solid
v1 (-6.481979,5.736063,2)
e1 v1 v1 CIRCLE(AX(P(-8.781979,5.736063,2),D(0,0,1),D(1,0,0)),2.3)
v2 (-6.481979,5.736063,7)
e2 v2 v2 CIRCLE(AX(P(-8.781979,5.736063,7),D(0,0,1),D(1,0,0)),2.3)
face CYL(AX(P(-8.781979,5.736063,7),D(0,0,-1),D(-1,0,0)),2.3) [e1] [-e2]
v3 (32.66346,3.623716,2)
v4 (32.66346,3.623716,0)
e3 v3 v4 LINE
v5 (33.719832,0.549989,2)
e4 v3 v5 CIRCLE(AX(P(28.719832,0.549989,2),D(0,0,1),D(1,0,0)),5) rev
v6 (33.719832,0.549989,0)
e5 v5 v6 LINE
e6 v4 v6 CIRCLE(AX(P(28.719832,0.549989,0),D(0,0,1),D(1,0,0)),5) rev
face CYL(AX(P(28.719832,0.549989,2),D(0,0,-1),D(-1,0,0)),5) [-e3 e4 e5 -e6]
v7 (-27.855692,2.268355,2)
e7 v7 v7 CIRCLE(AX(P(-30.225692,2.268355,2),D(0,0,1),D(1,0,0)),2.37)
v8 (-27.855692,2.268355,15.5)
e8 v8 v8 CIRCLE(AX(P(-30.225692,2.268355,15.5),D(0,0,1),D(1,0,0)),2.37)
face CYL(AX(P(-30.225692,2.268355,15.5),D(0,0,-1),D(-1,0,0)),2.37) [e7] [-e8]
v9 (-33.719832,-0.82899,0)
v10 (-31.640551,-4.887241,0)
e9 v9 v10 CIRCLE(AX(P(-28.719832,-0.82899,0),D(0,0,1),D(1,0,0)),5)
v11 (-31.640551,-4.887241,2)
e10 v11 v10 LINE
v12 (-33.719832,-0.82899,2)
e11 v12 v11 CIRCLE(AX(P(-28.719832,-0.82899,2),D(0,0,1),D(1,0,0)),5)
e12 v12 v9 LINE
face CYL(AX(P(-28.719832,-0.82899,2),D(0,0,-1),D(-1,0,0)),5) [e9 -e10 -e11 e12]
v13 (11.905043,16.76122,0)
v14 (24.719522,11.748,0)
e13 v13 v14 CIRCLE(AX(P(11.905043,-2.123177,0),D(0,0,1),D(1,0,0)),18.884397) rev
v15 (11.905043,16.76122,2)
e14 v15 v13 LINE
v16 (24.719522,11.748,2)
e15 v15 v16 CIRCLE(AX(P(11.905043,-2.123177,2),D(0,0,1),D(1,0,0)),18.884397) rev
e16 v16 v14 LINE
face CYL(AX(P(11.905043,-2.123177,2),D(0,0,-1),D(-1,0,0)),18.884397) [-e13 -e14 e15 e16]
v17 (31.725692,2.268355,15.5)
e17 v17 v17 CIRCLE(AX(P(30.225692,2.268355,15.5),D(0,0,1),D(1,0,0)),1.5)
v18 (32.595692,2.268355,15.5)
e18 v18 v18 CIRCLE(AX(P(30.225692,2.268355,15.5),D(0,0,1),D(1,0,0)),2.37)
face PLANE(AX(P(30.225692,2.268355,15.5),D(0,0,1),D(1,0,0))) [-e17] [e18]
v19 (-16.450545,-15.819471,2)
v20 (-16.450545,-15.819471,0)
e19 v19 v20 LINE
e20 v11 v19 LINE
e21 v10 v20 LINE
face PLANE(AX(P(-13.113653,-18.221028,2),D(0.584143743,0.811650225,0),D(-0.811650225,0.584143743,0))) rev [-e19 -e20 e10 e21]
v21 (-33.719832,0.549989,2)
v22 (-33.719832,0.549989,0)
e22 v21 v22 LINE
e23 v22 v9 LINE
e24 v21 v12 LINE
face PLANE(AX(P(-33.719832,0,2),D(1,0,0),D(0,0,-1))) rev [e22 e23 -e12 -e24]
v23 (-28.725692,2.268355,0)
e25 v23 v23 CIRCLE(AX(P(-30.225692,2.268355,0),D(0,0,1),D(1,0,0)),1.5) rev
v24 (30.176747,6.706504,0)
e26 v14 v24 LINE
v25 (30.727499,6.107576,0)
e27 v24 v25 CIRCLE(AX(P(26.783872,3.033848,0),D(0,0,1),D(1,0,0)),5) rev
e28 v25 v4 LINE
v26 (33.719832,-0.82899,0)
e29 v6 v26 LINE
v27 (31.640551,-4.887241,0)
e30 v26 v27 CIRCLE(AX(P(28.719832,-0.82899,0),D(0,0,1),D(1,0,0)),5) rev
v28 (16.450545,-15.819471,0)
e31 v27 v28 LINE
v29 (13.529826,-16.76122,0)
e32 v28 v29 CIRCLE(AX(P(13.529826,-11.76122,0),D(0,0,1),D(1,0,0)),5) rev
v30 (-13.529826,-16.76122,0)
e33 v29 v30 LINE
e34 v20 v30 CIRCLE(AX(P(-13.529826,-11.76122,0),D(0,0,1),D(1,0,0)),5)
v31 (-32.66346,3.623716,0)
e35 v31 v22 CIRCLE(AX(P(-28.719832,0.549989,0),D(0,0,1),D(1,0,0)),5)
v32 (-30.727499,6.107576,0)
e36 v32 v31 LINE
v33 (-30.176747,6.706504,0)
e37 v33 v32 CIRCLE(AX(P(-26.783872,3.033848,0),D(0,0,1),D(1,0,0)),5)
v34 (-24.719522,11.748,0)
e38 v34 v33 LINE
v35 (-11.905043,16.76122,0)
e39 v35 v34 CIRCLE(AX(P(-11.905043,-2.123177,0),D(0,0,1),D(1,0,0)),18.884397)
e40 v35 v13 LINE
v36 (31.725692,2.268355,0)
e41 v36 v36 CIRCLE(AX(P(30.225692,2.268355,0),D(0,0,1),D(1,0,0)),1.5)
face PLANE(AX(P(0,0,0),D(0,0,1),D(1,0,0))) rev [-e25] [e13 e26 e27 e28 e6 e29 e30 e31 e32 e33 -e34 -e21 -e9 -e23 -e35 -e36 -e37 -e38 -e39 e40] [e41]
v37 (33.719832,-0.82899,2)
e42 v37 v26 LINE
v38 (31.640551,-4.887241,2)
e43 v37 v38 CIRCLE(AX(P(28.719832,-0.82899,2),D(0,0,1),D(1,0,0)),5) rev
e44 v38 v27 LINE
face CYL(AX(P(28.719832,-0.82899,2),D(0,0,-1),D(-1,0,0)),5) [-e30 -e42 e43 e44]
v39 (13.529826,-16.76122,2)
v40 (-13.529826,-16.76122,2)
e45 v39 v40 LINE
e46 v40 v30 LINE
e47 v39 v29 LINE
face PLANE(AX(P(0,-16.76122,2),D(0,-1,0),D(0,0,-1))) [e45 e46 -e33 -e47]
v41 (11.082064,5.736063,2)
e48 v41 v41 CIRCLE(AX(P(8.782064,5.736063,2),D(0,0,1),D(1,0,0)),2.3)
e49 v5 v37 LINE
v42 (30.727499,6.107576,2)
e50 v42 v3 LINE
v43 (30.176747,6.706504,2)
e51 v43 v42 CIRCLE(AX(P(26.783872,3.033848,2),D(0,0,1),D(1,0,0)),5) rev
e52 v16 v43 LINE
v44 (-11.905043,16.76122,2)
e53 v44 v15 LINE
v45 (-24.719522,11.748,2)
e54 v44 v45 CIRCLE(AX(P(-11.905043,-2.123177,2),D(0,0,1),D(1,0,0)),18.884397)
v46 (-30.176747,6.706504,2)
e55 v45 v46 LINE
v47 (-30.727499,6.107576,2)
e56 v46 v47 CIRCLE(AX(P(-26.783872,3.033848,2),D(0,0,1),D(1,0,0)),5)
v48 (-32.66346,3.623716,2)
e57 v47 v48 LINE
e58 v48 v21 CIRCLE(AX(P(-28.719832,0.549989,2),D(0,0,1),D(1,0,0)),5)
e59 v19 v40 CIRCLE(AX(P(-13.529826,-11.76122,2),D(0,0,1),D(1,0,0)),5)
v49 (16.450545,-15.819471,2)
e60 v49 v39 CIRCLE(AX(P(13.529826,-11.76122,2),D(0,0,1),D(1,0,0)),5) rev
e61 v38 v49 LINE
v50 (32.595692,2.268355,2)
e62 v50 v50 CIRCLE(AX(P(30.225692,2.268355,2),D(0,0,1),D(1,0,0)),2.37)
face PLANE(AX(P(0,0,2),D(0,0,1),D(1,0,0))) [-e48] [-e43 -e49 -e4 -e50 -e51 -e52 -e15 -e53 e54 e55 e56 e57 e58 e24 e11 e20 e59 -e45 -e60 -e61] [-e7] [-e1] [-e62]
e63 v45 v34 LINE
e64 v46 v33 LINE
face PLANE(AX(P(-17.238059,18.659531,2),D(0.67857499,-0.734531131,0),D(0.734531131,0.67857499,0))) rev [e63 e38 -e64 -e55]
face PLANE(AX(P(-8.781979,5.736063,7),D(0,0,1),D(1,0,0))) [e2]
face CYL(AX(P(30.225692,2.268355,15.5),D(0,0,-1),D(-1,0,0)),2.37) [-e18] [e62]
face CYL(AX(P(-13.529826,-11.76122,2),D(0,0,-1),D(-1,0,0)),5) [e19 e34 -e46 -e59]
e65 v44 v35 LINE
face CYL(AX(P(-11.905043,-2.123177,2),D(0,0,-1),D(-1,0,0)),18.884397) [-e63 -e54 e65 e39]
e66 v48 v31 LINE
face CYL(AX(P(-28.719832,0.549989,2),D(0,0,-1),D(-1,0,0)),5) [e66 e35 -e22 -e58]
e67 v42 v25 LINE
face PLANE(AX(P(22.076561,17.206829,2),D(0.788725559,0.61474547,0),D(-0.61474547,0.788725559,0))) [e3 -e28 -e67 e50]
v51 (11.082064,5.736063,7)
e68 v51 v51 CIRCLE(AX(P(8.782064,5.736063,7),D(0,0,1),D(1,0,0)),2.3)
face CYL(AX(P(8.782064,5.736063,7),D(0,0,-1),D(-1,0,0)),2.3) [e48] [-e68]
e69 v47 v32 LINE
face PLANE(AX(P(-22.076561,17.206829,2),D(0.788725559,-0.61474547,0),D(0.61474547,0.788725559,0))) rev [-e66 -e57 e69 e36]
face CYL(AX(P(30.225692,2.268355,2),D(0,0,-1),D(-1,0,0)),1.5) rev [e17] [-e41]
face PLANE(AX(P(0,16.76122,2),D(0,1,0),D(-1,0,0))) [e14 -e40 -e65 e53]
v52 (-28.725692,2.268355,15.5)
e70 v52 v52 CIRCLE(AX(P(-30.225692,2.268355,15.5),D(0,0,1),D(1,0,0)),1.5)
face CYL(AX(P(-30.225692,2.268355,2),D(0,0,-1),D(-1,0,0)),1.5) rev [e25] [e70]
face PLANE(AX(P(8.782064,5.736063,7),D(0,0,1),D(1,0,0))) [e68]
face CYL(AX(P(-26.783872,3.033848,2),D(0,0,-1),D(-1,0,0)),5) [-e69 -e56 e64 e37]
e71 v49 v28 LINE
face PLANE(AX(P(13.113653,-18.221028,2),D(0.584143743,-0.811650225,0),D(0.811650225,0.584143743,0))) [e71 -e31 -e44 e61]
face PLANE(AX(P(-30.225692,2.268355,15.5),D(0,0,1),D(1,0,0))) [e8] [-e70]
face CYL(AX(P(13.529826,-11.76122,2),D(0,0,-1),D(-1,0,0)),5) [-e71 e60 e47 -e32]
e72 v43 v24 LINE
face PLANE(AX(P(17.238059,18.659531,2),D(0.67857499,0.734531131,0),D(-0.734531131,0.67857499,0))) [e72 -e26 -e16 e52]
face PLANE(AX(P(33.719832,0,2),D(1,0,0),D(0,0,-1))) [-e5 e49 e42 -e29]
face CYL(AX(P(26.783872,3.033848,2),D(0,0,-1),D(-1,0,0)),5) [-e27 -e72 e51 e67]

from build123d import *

# Parameters (mm, degrees)
ESQUISSE1_R             = 1.5
BOSS_EXTRU_3_DEPTH      = 2
BOSS_EXTRU_4_START      = -53.32
ESQUISSE2_R             = 2.3
BOSS_EXTRU_4_DEPTH      = 5
ESQUISSE3_R             = 1.5
ENL_V_MAT_EXTRU_1_DEPTH = 10
ESQUISSE4_R             = 2.37
ESQUISSE4_R_2           = 1.5
BOSS_EXTRU_5_DEPTH      = 13.5


with BuildPart() as part:
    # Esquisse1 → Boss.-Extru.3 (new body)
    with BuildSketch(Plane.XY):
        with BuildLine():
            Line((31.640550531, -4.887241018), (16.450544828, -15.819470843))
            ThreePointArc((16.450544828, -15.819470843), (15.064222472, -16.51996197), (13.529826111, -16.761219719))
            Line((13.529826111, -16.761219719), (-13.529826111, -16.761219719))
            ThreePointArc((-13.529826111, -16.761219719), (-15.064222472, -16.51996197), (-16.450544828, -15.819470843))
            Line((-16.450544828, -15.819470843), (-31.640550531, -4.887241018))
            ThreePointArc((-31.640550531, -4.887241018), (-33.169752802, -3.108946738), (-33.719831815, -0.828989895))
            Line((-33.719831815, -0.828989895), (-33.719831815, 0.549989061))
            ThreePointArc((-33.719831815, 0.549989061), (-33.448369589, 2.175083064), (-32.663459607, 3.623716413))
            Line((-32.663459607, 3.623716413), (-30.727499402, 6.107575779))
            ThreePointArc((-30.727499402, 6.107575779), (-30.464326323, 6.418261685), (-30.17674656, 6.706504084))
            Line((-30.17674656, 6.706504084), (-24.719522272, 11.748000297))
            ThreePointArc((-24.719522272, 11.748000297), (-18.785145606, 15.463312907), (-11.905042981, 16.761219719))
            Line((-11.905042981, 16.761219719), (11.905042981, 16.761219719))
            ThreePointArc((11.905042981, 16.761219719), (18.785145606, 15.463312907), (24.719522272, 11.748000297))
            Line((24.719522272, 11.748000297), (30.17674656, 6.706504084))
            ThreePointArc((30.17674656, 6.706504084), (30.464326323, 6.418261685), (30.727499402, 6.107575779))
            Line((30.727499402, 6.107575779), (32.663459607, 3.623716413))
            ThreePointArc((32.663459607, 3.623716413), (33.448369589, 2.175083064), (33.719831815, 0.549989061))
            Line((33.719831815, 0.549989061), (33.719831815, -0.828989895))
            ThreePointArc((33.719831815, -0.828989895), (33.169752802, -3.108946738), (31.640550531, -4.887241018))
        make_face()
        with Locations((-30.225692015, 2.268354752)):
            Circle(ESQUISSE1_R, mode=Mode.SUBTRACT)
        with Locations((30.225692015, 2.268354752)):
            Circle(ESQUISSE1_R, mode=Mode.SUBTRACT)
    extrude(amount=BOSS_EXTRU_3_DEPTH)

    # Esquisse2 → Boss.-Extru.4 (add)
    with BuildSketch(Plane.XY.offset(55.32).offset(BOSS_EXTRU_4_START)):
        with Locations((-8.781978503, 5.736063319)):
            Circle(ESQUISSE2_R)
        with Locations((8.782063878, 5.73606332)):
            Circle(ESQUISSE2_R)
    extrude(amount=BOSS_EXTRU_4_DEPTH)

    # Esquisse3 → Enlèv. mat.-Extru.1 (cut)
    with BuildSketch(Plane(origin=(0, 0, 0), x_dir=(-1, 0, 0), z_dir=(0, 0, -1))):
        with Locations((60.239561974, 19.762236701)):
            Circle(ESQUISSE3_R)
        with Locations((-29.955535999, 19.762236701)):
            Circle(ESQUISSE3_R)
    extrude(amount=-ENL_V_MAT_EXTRU_1_DEPTH, mode=Mode.SUBTRACT)

    # Esquisse4 → Boss.-Extru.5 (add)
    # profile 1 of 2: a face of its own
    with BuildSketch(Plane.XY.offset(2)):
        with Locations((30.225692015, 2.268354752)):
            Circle(ESQUISSE4_R)
        with Locations((30.225692015, 2.268354752)):
            Circle(ESQUISSE4_R_2, mode=Mode.SUBTRACT)
    # profile 2 of 2: a face of its own
    with BuildSketch(Plane.XY.offset(2)):
        with Locations((-30.225692015, 2.268354752)):
            Circle(ESQUISSE4_R)
        with Locations((-30.225692015, 2.268354752)):
            Circle(ESQUISSE4_R_2, mode=Mode.SUBTRACT)
    extrude(amount=BOSS_EXTRU_5_DEPTH)


solid = part.part
